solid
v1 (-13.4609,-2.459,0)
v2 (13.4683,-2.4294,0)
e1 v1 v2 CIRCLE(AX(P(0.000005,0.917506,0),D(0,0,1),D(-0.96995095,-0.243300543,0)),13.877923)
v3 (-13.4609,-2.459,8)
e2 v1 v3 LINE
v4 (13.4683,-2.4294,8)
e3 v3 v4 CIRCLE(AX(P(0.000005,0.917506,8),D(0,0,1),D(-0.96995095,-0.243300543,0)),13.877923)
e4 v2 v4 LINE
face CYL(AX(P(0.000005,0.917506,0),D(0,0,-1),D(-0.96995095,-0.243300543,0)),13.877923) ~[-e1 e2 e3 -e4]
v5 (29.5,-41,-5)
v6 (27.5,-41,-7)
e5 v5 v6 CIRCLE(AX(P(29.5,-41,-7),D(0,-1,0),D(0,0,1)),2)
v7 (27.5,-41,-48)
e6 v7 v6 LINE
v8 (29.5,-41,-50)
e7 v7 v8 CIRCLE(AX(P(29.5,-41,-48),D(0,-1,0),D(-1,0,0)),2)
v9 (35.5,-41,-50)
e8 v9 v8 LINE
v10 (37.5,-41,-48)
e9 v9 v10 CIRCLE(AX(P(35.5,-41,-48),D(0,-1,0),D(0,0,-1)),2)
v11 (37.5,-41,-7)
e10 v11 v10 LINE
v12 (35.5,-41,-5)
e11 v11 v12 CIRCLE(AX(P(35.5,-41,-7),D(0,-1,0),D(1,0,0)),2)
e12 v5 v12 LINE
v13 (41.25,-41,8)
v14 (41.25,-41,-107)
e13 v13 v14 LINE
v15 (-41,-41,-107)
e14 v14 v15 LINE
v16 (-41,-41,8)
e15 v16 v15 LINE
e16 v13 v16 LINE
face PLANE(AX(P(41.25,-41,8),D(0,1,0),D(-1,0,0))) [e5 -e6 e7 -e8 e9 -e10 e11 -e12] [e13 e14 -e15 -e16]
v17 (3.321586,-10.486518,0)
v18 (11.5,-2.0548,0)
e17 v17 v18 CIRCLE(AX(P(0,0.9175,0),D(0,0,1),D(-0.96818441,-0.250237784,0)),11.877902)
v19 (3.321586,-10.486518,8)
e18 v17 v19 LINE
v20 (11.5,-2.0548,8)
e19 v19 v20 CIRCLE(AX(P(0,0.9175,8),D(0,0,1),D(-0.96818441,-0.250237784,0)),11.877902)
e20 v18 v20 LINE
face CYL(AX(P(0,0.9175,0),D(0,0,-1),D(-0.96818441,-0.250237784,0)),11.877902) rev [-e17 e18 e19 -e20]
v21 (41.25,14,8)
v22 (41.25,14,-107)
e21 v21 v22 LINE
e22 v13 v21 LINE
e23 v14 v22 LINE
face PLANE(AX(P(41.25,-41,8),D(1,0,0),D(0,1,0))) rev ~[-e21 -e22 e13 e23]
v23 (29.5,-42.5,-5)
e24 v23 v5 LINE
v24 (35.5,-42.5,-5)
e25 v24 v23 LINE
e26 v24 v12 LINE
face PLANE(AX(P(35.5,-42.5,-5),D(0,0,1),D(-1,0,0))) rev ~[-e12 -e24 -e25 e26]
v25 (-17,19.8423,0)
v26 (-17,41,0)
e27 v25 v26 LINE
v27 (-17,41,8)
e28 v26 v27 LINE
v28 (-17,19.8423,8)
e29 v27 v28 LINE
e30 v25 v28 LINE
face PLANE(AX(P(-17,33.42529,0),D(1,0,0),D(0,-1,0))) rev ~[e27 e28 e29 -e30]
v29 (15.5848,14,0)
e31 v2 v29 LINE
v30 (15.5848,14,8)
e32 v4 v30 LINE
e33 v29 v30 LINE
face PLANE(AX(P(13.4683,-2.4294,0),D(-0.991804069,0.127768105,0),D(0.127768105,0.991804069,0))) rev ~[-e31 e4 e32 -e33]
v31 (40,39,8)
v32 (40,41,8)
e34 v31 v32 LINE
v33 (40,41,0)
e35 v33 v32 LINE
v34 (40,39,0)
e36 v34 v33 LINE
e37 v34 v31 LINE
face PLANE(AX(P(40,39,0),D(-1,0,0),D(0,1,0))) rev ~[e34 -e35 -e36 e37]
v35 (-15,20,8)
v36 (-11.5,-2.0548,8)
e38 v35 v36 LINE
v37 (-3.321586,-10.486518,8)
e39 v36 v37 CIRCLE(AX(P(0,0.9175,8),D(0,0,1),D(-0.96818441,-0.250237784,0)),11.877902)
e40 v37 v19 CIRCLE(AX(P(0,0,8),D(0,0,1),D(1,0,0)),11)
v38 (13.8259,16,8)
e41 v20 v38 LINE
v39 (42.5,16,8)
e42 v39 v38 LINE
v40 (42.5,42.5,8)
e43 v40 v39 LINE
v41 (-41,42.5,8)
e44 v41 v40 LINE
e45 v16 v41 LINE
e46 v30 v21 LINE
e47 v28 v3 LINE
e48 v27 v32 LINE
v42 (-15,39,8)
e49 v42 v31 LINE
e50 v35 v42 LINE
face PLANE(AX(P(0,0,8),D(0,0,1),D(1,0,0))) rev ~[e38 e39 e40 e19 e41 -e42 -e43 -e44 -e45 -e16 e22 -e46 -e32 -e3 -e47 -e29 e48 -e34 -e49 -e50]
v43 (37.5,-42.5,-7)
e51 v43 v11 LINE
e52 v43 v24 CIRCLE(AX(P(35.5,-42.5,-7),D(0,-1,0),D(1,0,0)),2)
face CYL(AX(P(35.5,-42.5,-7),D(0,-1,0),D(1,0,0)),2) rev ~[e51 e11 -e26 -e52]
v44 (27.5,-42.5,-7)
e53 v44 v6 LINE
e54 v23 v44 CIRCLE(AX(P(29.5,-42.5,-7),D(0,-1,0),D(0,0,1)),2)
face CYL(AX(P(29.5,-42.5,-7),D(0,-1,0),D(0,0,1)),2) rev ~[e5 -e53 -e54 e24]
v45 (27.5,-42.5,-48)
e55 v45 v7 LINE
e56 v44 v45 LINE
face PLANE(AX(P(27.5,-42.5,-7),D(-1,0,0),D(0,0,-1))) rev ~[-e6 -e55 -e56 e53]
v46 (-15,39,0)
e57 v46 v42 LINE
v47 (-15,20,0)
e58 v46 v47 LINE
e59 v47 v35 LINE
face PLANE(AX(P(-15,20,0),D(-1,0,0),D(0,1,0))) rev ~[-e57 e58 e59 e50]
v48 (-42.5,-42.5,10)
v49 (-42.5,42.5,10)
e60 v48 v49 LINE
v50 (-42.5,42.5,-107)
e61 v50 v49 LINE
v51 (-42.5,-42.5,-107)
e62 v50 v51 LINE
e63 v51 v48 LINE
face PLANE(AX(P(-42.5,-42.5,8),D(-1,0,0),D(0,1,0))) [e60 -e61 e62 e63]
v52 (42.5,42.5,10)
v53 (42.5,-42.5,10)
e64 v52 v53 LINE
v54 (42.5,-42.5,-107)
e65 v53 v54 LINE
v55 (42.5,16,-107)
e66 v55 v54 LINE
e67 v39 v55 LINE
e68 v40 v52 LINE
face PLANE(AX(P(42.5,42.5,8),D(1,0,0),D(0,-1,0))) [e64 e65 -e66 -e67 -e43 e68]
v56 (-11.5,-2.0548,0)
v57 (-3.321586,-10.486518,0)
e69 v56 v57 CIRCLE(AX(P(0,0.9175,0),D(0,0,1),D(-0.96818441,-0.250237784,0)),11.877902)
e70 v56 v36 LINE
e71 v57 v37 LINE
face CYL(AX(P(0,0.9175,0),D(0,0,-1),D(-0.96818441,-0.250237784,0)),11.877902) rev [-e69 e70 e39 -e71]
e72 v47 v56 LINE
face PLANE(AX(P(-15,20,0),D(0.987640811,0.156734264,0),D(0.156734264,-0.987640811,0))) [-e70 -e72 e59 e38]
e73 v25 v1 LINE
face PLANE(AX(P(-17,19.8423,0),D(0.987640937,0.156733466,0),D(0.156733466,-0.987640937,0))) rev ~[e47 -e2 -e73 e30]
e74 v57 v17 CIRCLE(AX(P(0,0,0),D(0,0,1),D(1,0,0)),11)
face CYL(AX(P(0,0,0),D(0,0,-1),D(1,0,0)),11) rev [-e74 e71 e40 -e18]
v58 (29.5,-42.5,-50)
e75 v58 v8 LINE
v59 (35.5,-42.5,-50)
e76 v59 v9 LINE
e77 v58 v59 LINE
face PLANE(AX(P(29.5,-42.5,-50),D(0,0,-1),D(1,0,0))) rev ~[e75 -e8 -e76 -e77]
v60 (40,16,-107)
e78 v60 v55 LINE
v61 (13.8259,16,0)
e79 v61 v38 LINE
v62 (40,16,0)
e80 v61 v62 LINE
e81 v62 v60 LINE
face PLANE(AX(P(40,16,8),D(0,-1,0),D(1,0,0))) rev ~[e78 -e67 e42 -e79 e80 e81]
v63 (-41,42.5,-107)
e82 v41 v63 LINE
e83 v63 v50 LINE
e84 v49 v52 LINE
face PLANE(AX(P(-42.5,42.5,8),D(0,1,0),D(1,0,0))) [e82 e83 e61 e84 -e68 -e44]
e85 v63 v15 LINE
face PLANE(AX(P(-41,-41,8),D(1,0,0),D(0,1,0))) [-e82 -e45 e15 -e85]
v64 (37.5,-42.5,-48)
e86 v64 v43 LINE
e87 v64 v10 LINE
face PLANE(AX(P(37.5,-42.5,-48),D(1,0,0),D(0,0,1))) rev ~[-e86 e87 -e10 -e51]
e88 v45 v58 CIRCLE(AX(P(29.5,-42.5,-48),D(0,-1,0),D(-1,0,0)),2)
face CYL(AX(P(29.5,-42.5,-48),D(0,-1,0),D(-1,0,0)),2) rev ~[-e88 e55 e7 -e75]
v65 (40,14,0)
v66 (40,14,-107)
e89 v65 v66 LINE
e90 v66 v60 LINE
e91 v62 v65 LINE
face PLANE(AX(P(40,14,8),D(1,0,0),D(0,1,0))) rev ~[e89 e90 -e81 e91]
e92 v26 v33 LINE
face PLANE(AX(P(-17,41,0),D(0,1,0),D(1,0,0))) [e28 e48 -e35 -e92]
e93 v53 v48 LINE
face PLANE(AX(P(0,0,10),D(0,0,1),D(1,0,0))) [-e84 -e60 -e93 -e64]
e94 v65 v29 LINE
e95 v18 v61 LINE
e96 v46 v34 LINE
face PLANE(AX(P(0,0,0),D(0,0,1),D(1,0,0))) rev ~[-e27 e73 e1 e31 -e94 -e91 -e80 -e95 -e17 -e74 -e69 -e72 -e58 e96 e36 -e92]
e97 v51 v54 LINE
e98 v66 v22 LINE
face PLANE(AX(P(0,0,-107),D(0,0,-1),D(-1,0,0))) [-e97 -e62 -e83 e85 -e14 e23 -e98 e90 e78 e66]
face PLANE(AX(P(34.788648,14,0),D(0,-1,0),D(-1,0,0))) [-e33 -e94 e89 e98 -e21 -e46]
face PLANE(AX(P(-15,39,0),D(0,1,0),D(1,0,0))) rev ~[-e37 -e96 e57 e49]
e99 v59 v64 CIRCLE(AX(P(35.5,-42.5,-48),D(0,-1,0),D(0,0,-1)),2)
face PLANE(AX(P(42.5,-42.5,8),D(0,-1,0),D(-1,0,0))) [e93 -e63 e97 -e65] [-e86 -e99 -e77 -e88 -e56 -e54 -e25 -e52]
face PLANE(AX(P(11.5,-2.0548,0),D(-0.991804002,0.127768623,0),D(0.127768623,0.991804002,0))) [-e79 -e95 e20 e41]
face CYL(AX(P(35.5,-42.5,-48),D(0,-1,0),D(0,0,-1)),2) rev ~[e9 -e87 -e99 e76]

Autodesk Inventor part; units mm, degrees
ref_plane "YZ Plane" through (0, 0, 0) normal (1, 0, 0) x (0, 1, 0)
ref_plane "XZ Plane" through (0, 0, 0) normal (0, 1, 0) x (-1, 0, 0)
ref_plane "XY Plane" through (0, 0, 0) normal (0, 0, 1) x (1, 0, 0)
ref_plane "Work Plane1" through (0, 0, 0) normal (0, 0, 1) x (1, 0, 0)
sketch "Sketch1" plane through (0, 0, 0) normal (0, 0, 1) x (1, 0, 0)
  circle A0 centre (0, 0) radius 11 projected
  circle A1 centre (0, 0) radius 4 projected
  circle A2 centre (0, 0) radius 37.5 projected
  line L0 (0, 0) -> (0, 20) construction
  line L1 (0, 20) -> (-15, 20) construction
  line L2 (0, 20) -> (15, 20) construction
  line L3 (0, -2.0548) -> (-11.5, -2.0548) construction
  line L4 (0, -2.0548) -> (11.5, -2.0548) construction
  arc A3 (-11.5, -2.0548) -> (11.5, -2.0548) centre (0, 0.9175) ccw
  line L5 (-40, -40) -> (40, -40) construction
  line L6 (40, -40) -> (40, 40) construction
  line L7 (40, 40) -> (-40, 40) construction
  line L8 (-40, 40) -> (-40, -40) construction
  line L9 (-40, -40) -> (40, 40) construction
  line L10 (40, -40) -> (-40, 40) construction
  line L11 (0, 11) -> (0, 16) construction
  line L12 (0, 16) -> (13.8259, 16) construction
  line L13 (13.8259, 16) -> (40, 16)
  line L14 (-15, 20) -> (-15, 39)
  line L15 (-15, 39) -> (40, 39)
  line L16 (11.5, -2.0548) -> (13.8259, 16)
  line L17 (-15, 20) -> (-11.5, -2.0548)
  line L18 (-17, 41) -> (-17, 19.8423)
  line L19 (-17, 19.8423) -> (-13.4609, -2.459)
  arc A4 (-13.4609, -2.459) -> (13.4683, -2.4294) centre (0, 0.9175) ccw
  line L20 (13.4683, -2.4294) -> (15.5848, 14)
  line L21 (40, 39) -> (40, 41)
  line L22 (40, 16) -> (40, 14)
  line L23 (-17, 41) -> (40, 41)
  line L24 (40, 14) -> (15.5848, 14)
  point P0 (0, 0)
  dimension "d0" = 15
  dimension "d1" = 20
  dimension "d2" = 15
  dimension "d3" = 11.5
  dimension "d4" = 11.5
  dimension "d5" = 80
  dimension "d6" = 80
  dimension "d7" = 5
  dimension "d8" = 23
  dimension "d9" = 2
extrude "Extrusion1" add sketch "Sketch1" along normal blind 8 contours A0 A3 L16 L13 A2 L24 L20 A4 L19 L18 L14 L17 | A2 L18 L23 L21 L15 L14 | L13 L22 L24 A2
sketch "Sketch2" plane through (0, 0, 8) normal (0, 0, 1) x (1, 0, 0)
  line L0 (-42.5, 42.5) -> (42.5, 42.5)
  line L1 (42.5, 42.5) -> (42.5, -42.5)
  line L2 (42.5, -42.5) -> (-42.5, -42.5)
  line L3 (-42.5, -42.5) -> (-42.5, 42.5)
  line L4 (-42.5, 42.5) -> (42.5, -42.5) construction
  line L5 (42.5, 42.5) -> (-42.5, -42.5) construction
  point P0 (0, 0)
  dimension "d12" = 85
  dimension "d13" = 85
extrude "Extrusion2" add sketch "Sketch2" along normal blind 2
sketch "Sketch3" plane through (0, 0, 8) normal (0, 0, -1) x (-1, 0, 0)
  line L0 (-13.4683, -2.4294) -> (-15.5848, 14) projected
  arc A0 (-13.4683, -2.4294) -> (13.4609, -2.459) centre (0, 0.9175) ccw projected
  line L1 (17, 19.8423) -> (13.4609, -2.459) projected
  line L2 (17, 41) -> (17, 19.8423) projected
  line L3 (-40, 41) -> (17, 41) projected
  line L4 (-40, 39) -> (-40, 41) projected
  line L5 (15, 39) -> (-40, 39) projected
  line L6 (15, 20) -> (15, 39) projected
  line L7 (11.5, -2.0548) -> (15, 20) projected
  arc A1 (-11.5, -2.0548) -> (11.5, -2.0548) centre (0, 0.9175) ccw projected
  line L8 (-13.8259, 16) -> (-11.5, -2.0548) projected
  line L9 (-40, 16) -> (-13.8259, 16) projected
  line L10 (-40, 14) -> (-40, 16) projected
  line L11 (-15.5848, 14) -> (-40, 14) projected
  line L12 (42.5, 42.5) -> (42.5, -42.5) projected
  line L13 (-42.5, 42.5) -> (42.5, 42.5) projected
  line L14 (-42.5, -42.5) -> (-42.5, 42.5) projected
  line L15 (42.5, -42.5) -> (-42.5, -42.5) projected
  arc A2 (-13.4683, -2.4294) -> (13.4609, -2.459) centre (0, 0.9175) ccw projected
  line L16 (-13.4683, -2.4294) -> (-15.5848, 14) projected
  line L17 (-15.5848, 14) -> (-40, 14) projected
  line L18 (-40, 14) -> (-40, 16) projected
  line L19 (-40, 16) -> (-13.8259, 16) projected
  line L20 (-13.8259, 16) -> (-11.5, -2.0548) projected
  arc A3 (-11.5, -2.0548) -> (11.5, -2.0548) centre (0, 0.9175) ccw projected
  line L21 (11.5, -2.0548) -> (15, 20) projected
  line L22 (15, 20) -> (15, 39) projected
  line L23 (15, 39) -> (-40, 39) projected
  line L24 (-40, 39) -> (-40, 41) projected
  line L25 (-40, 41) -> (17, 41) projected
  line L26 (17, 41) -> (17, 19.8423) projected
  line L27 (17, 19.8423) -> (13.4609, -2.459) projected
  line L28 (42.5, -42.5) -> (-42.5, -42.5) projected
  line L29 (-42.5, 42.5) -> (42.5, 42.5)
  line L30 (42.5, 42.5) -> (42.5, -42.5)
  line L31 (42.5, -42.5) -> (-42.5, -42.5)
  line L32 (-42.5, -42.5) -> (-42.5, 42.5) construction
  line L33 (41, 41) -> (-41, 41)
  line L34 (-41.25, -41) -> (41, -41)
  line L35 (41, -41) -> (41, 41)
  line L36 (-40, 14) -> (-40, 16) projected
  line L37 (-40, 16) -> (-42.5, 16)
  line L38 (-15.5848, 14) -> (-40, 14) projected
  line L39 (-40, 14) -> (-42.5, 14)
  line L40 (-40, 39) -> (-42.5, 39)
  line L41 (-40, 41) -> (17, 41) projected
  line L42 (-40, 41) -> (-42.5, 41)
  line L43 (-41.25, -41) -> (-41.25, 14)
  line L44 (-42.5, -42.5) -> (-42.5, 42.5) projected
  line L45 (-42.5, -42.5) -> (-42.5, 14)
  line L46 (-40, 41) -> (17, 41)
  line L47 (-42.5, 41) -> (-42.5, 39)
  line L48 (41, 41) -> (41, 42.5)
  line L49 (-42.5, 42.5) -> (42.5, 42.5) projected
  point P0 (0, 0)
  dimension "d16" = 1.5
  dimension "d19" = 1.5
extrude "Extrusion4" add sketch "Sketch3" along normal blind 115 contours L39 L14 L37 L10 | L43 L34 L35 L48 L13 L12 L15 L14 L39
sketch "Sketch4" plane through (-42.5, -42.5, 10) normal (0, -1, 0) x (1, 0, 0)
  line L0 (78, -15) -> (72, -15)
  line L1 (70, -17) -> (70, -58)
  line L2 (72, -60) -> (78, -60)
  line L3 (80, -58) -> (80, -17)
  line L4 (0, 0) -> (85, 0) projected
  line L5 (85, -117) -> (85, 0) projected
  arc A0 (80, -17) -> (78, -15) centre (78, -17) ccw
  arc A1 (78, -60) -> (80, -58) centre (78, -58) ccw
  arc A2 (70, -58) -> (72, -60) centre (72, -58) ccw
  arc A3 (72, -15) -> (70, -17) centre (72, -17) ccw
  point P0 (42.5, -10)
  dimension "d22" = 15
  dimension "d23" = 5
  dimension "d24" = 15
  dimension "d25" = 60
  dimension "d26" = 2
extrude "Extrusion5" cut sketch "Sketch4" against normal through all
properties part number "Mount"
